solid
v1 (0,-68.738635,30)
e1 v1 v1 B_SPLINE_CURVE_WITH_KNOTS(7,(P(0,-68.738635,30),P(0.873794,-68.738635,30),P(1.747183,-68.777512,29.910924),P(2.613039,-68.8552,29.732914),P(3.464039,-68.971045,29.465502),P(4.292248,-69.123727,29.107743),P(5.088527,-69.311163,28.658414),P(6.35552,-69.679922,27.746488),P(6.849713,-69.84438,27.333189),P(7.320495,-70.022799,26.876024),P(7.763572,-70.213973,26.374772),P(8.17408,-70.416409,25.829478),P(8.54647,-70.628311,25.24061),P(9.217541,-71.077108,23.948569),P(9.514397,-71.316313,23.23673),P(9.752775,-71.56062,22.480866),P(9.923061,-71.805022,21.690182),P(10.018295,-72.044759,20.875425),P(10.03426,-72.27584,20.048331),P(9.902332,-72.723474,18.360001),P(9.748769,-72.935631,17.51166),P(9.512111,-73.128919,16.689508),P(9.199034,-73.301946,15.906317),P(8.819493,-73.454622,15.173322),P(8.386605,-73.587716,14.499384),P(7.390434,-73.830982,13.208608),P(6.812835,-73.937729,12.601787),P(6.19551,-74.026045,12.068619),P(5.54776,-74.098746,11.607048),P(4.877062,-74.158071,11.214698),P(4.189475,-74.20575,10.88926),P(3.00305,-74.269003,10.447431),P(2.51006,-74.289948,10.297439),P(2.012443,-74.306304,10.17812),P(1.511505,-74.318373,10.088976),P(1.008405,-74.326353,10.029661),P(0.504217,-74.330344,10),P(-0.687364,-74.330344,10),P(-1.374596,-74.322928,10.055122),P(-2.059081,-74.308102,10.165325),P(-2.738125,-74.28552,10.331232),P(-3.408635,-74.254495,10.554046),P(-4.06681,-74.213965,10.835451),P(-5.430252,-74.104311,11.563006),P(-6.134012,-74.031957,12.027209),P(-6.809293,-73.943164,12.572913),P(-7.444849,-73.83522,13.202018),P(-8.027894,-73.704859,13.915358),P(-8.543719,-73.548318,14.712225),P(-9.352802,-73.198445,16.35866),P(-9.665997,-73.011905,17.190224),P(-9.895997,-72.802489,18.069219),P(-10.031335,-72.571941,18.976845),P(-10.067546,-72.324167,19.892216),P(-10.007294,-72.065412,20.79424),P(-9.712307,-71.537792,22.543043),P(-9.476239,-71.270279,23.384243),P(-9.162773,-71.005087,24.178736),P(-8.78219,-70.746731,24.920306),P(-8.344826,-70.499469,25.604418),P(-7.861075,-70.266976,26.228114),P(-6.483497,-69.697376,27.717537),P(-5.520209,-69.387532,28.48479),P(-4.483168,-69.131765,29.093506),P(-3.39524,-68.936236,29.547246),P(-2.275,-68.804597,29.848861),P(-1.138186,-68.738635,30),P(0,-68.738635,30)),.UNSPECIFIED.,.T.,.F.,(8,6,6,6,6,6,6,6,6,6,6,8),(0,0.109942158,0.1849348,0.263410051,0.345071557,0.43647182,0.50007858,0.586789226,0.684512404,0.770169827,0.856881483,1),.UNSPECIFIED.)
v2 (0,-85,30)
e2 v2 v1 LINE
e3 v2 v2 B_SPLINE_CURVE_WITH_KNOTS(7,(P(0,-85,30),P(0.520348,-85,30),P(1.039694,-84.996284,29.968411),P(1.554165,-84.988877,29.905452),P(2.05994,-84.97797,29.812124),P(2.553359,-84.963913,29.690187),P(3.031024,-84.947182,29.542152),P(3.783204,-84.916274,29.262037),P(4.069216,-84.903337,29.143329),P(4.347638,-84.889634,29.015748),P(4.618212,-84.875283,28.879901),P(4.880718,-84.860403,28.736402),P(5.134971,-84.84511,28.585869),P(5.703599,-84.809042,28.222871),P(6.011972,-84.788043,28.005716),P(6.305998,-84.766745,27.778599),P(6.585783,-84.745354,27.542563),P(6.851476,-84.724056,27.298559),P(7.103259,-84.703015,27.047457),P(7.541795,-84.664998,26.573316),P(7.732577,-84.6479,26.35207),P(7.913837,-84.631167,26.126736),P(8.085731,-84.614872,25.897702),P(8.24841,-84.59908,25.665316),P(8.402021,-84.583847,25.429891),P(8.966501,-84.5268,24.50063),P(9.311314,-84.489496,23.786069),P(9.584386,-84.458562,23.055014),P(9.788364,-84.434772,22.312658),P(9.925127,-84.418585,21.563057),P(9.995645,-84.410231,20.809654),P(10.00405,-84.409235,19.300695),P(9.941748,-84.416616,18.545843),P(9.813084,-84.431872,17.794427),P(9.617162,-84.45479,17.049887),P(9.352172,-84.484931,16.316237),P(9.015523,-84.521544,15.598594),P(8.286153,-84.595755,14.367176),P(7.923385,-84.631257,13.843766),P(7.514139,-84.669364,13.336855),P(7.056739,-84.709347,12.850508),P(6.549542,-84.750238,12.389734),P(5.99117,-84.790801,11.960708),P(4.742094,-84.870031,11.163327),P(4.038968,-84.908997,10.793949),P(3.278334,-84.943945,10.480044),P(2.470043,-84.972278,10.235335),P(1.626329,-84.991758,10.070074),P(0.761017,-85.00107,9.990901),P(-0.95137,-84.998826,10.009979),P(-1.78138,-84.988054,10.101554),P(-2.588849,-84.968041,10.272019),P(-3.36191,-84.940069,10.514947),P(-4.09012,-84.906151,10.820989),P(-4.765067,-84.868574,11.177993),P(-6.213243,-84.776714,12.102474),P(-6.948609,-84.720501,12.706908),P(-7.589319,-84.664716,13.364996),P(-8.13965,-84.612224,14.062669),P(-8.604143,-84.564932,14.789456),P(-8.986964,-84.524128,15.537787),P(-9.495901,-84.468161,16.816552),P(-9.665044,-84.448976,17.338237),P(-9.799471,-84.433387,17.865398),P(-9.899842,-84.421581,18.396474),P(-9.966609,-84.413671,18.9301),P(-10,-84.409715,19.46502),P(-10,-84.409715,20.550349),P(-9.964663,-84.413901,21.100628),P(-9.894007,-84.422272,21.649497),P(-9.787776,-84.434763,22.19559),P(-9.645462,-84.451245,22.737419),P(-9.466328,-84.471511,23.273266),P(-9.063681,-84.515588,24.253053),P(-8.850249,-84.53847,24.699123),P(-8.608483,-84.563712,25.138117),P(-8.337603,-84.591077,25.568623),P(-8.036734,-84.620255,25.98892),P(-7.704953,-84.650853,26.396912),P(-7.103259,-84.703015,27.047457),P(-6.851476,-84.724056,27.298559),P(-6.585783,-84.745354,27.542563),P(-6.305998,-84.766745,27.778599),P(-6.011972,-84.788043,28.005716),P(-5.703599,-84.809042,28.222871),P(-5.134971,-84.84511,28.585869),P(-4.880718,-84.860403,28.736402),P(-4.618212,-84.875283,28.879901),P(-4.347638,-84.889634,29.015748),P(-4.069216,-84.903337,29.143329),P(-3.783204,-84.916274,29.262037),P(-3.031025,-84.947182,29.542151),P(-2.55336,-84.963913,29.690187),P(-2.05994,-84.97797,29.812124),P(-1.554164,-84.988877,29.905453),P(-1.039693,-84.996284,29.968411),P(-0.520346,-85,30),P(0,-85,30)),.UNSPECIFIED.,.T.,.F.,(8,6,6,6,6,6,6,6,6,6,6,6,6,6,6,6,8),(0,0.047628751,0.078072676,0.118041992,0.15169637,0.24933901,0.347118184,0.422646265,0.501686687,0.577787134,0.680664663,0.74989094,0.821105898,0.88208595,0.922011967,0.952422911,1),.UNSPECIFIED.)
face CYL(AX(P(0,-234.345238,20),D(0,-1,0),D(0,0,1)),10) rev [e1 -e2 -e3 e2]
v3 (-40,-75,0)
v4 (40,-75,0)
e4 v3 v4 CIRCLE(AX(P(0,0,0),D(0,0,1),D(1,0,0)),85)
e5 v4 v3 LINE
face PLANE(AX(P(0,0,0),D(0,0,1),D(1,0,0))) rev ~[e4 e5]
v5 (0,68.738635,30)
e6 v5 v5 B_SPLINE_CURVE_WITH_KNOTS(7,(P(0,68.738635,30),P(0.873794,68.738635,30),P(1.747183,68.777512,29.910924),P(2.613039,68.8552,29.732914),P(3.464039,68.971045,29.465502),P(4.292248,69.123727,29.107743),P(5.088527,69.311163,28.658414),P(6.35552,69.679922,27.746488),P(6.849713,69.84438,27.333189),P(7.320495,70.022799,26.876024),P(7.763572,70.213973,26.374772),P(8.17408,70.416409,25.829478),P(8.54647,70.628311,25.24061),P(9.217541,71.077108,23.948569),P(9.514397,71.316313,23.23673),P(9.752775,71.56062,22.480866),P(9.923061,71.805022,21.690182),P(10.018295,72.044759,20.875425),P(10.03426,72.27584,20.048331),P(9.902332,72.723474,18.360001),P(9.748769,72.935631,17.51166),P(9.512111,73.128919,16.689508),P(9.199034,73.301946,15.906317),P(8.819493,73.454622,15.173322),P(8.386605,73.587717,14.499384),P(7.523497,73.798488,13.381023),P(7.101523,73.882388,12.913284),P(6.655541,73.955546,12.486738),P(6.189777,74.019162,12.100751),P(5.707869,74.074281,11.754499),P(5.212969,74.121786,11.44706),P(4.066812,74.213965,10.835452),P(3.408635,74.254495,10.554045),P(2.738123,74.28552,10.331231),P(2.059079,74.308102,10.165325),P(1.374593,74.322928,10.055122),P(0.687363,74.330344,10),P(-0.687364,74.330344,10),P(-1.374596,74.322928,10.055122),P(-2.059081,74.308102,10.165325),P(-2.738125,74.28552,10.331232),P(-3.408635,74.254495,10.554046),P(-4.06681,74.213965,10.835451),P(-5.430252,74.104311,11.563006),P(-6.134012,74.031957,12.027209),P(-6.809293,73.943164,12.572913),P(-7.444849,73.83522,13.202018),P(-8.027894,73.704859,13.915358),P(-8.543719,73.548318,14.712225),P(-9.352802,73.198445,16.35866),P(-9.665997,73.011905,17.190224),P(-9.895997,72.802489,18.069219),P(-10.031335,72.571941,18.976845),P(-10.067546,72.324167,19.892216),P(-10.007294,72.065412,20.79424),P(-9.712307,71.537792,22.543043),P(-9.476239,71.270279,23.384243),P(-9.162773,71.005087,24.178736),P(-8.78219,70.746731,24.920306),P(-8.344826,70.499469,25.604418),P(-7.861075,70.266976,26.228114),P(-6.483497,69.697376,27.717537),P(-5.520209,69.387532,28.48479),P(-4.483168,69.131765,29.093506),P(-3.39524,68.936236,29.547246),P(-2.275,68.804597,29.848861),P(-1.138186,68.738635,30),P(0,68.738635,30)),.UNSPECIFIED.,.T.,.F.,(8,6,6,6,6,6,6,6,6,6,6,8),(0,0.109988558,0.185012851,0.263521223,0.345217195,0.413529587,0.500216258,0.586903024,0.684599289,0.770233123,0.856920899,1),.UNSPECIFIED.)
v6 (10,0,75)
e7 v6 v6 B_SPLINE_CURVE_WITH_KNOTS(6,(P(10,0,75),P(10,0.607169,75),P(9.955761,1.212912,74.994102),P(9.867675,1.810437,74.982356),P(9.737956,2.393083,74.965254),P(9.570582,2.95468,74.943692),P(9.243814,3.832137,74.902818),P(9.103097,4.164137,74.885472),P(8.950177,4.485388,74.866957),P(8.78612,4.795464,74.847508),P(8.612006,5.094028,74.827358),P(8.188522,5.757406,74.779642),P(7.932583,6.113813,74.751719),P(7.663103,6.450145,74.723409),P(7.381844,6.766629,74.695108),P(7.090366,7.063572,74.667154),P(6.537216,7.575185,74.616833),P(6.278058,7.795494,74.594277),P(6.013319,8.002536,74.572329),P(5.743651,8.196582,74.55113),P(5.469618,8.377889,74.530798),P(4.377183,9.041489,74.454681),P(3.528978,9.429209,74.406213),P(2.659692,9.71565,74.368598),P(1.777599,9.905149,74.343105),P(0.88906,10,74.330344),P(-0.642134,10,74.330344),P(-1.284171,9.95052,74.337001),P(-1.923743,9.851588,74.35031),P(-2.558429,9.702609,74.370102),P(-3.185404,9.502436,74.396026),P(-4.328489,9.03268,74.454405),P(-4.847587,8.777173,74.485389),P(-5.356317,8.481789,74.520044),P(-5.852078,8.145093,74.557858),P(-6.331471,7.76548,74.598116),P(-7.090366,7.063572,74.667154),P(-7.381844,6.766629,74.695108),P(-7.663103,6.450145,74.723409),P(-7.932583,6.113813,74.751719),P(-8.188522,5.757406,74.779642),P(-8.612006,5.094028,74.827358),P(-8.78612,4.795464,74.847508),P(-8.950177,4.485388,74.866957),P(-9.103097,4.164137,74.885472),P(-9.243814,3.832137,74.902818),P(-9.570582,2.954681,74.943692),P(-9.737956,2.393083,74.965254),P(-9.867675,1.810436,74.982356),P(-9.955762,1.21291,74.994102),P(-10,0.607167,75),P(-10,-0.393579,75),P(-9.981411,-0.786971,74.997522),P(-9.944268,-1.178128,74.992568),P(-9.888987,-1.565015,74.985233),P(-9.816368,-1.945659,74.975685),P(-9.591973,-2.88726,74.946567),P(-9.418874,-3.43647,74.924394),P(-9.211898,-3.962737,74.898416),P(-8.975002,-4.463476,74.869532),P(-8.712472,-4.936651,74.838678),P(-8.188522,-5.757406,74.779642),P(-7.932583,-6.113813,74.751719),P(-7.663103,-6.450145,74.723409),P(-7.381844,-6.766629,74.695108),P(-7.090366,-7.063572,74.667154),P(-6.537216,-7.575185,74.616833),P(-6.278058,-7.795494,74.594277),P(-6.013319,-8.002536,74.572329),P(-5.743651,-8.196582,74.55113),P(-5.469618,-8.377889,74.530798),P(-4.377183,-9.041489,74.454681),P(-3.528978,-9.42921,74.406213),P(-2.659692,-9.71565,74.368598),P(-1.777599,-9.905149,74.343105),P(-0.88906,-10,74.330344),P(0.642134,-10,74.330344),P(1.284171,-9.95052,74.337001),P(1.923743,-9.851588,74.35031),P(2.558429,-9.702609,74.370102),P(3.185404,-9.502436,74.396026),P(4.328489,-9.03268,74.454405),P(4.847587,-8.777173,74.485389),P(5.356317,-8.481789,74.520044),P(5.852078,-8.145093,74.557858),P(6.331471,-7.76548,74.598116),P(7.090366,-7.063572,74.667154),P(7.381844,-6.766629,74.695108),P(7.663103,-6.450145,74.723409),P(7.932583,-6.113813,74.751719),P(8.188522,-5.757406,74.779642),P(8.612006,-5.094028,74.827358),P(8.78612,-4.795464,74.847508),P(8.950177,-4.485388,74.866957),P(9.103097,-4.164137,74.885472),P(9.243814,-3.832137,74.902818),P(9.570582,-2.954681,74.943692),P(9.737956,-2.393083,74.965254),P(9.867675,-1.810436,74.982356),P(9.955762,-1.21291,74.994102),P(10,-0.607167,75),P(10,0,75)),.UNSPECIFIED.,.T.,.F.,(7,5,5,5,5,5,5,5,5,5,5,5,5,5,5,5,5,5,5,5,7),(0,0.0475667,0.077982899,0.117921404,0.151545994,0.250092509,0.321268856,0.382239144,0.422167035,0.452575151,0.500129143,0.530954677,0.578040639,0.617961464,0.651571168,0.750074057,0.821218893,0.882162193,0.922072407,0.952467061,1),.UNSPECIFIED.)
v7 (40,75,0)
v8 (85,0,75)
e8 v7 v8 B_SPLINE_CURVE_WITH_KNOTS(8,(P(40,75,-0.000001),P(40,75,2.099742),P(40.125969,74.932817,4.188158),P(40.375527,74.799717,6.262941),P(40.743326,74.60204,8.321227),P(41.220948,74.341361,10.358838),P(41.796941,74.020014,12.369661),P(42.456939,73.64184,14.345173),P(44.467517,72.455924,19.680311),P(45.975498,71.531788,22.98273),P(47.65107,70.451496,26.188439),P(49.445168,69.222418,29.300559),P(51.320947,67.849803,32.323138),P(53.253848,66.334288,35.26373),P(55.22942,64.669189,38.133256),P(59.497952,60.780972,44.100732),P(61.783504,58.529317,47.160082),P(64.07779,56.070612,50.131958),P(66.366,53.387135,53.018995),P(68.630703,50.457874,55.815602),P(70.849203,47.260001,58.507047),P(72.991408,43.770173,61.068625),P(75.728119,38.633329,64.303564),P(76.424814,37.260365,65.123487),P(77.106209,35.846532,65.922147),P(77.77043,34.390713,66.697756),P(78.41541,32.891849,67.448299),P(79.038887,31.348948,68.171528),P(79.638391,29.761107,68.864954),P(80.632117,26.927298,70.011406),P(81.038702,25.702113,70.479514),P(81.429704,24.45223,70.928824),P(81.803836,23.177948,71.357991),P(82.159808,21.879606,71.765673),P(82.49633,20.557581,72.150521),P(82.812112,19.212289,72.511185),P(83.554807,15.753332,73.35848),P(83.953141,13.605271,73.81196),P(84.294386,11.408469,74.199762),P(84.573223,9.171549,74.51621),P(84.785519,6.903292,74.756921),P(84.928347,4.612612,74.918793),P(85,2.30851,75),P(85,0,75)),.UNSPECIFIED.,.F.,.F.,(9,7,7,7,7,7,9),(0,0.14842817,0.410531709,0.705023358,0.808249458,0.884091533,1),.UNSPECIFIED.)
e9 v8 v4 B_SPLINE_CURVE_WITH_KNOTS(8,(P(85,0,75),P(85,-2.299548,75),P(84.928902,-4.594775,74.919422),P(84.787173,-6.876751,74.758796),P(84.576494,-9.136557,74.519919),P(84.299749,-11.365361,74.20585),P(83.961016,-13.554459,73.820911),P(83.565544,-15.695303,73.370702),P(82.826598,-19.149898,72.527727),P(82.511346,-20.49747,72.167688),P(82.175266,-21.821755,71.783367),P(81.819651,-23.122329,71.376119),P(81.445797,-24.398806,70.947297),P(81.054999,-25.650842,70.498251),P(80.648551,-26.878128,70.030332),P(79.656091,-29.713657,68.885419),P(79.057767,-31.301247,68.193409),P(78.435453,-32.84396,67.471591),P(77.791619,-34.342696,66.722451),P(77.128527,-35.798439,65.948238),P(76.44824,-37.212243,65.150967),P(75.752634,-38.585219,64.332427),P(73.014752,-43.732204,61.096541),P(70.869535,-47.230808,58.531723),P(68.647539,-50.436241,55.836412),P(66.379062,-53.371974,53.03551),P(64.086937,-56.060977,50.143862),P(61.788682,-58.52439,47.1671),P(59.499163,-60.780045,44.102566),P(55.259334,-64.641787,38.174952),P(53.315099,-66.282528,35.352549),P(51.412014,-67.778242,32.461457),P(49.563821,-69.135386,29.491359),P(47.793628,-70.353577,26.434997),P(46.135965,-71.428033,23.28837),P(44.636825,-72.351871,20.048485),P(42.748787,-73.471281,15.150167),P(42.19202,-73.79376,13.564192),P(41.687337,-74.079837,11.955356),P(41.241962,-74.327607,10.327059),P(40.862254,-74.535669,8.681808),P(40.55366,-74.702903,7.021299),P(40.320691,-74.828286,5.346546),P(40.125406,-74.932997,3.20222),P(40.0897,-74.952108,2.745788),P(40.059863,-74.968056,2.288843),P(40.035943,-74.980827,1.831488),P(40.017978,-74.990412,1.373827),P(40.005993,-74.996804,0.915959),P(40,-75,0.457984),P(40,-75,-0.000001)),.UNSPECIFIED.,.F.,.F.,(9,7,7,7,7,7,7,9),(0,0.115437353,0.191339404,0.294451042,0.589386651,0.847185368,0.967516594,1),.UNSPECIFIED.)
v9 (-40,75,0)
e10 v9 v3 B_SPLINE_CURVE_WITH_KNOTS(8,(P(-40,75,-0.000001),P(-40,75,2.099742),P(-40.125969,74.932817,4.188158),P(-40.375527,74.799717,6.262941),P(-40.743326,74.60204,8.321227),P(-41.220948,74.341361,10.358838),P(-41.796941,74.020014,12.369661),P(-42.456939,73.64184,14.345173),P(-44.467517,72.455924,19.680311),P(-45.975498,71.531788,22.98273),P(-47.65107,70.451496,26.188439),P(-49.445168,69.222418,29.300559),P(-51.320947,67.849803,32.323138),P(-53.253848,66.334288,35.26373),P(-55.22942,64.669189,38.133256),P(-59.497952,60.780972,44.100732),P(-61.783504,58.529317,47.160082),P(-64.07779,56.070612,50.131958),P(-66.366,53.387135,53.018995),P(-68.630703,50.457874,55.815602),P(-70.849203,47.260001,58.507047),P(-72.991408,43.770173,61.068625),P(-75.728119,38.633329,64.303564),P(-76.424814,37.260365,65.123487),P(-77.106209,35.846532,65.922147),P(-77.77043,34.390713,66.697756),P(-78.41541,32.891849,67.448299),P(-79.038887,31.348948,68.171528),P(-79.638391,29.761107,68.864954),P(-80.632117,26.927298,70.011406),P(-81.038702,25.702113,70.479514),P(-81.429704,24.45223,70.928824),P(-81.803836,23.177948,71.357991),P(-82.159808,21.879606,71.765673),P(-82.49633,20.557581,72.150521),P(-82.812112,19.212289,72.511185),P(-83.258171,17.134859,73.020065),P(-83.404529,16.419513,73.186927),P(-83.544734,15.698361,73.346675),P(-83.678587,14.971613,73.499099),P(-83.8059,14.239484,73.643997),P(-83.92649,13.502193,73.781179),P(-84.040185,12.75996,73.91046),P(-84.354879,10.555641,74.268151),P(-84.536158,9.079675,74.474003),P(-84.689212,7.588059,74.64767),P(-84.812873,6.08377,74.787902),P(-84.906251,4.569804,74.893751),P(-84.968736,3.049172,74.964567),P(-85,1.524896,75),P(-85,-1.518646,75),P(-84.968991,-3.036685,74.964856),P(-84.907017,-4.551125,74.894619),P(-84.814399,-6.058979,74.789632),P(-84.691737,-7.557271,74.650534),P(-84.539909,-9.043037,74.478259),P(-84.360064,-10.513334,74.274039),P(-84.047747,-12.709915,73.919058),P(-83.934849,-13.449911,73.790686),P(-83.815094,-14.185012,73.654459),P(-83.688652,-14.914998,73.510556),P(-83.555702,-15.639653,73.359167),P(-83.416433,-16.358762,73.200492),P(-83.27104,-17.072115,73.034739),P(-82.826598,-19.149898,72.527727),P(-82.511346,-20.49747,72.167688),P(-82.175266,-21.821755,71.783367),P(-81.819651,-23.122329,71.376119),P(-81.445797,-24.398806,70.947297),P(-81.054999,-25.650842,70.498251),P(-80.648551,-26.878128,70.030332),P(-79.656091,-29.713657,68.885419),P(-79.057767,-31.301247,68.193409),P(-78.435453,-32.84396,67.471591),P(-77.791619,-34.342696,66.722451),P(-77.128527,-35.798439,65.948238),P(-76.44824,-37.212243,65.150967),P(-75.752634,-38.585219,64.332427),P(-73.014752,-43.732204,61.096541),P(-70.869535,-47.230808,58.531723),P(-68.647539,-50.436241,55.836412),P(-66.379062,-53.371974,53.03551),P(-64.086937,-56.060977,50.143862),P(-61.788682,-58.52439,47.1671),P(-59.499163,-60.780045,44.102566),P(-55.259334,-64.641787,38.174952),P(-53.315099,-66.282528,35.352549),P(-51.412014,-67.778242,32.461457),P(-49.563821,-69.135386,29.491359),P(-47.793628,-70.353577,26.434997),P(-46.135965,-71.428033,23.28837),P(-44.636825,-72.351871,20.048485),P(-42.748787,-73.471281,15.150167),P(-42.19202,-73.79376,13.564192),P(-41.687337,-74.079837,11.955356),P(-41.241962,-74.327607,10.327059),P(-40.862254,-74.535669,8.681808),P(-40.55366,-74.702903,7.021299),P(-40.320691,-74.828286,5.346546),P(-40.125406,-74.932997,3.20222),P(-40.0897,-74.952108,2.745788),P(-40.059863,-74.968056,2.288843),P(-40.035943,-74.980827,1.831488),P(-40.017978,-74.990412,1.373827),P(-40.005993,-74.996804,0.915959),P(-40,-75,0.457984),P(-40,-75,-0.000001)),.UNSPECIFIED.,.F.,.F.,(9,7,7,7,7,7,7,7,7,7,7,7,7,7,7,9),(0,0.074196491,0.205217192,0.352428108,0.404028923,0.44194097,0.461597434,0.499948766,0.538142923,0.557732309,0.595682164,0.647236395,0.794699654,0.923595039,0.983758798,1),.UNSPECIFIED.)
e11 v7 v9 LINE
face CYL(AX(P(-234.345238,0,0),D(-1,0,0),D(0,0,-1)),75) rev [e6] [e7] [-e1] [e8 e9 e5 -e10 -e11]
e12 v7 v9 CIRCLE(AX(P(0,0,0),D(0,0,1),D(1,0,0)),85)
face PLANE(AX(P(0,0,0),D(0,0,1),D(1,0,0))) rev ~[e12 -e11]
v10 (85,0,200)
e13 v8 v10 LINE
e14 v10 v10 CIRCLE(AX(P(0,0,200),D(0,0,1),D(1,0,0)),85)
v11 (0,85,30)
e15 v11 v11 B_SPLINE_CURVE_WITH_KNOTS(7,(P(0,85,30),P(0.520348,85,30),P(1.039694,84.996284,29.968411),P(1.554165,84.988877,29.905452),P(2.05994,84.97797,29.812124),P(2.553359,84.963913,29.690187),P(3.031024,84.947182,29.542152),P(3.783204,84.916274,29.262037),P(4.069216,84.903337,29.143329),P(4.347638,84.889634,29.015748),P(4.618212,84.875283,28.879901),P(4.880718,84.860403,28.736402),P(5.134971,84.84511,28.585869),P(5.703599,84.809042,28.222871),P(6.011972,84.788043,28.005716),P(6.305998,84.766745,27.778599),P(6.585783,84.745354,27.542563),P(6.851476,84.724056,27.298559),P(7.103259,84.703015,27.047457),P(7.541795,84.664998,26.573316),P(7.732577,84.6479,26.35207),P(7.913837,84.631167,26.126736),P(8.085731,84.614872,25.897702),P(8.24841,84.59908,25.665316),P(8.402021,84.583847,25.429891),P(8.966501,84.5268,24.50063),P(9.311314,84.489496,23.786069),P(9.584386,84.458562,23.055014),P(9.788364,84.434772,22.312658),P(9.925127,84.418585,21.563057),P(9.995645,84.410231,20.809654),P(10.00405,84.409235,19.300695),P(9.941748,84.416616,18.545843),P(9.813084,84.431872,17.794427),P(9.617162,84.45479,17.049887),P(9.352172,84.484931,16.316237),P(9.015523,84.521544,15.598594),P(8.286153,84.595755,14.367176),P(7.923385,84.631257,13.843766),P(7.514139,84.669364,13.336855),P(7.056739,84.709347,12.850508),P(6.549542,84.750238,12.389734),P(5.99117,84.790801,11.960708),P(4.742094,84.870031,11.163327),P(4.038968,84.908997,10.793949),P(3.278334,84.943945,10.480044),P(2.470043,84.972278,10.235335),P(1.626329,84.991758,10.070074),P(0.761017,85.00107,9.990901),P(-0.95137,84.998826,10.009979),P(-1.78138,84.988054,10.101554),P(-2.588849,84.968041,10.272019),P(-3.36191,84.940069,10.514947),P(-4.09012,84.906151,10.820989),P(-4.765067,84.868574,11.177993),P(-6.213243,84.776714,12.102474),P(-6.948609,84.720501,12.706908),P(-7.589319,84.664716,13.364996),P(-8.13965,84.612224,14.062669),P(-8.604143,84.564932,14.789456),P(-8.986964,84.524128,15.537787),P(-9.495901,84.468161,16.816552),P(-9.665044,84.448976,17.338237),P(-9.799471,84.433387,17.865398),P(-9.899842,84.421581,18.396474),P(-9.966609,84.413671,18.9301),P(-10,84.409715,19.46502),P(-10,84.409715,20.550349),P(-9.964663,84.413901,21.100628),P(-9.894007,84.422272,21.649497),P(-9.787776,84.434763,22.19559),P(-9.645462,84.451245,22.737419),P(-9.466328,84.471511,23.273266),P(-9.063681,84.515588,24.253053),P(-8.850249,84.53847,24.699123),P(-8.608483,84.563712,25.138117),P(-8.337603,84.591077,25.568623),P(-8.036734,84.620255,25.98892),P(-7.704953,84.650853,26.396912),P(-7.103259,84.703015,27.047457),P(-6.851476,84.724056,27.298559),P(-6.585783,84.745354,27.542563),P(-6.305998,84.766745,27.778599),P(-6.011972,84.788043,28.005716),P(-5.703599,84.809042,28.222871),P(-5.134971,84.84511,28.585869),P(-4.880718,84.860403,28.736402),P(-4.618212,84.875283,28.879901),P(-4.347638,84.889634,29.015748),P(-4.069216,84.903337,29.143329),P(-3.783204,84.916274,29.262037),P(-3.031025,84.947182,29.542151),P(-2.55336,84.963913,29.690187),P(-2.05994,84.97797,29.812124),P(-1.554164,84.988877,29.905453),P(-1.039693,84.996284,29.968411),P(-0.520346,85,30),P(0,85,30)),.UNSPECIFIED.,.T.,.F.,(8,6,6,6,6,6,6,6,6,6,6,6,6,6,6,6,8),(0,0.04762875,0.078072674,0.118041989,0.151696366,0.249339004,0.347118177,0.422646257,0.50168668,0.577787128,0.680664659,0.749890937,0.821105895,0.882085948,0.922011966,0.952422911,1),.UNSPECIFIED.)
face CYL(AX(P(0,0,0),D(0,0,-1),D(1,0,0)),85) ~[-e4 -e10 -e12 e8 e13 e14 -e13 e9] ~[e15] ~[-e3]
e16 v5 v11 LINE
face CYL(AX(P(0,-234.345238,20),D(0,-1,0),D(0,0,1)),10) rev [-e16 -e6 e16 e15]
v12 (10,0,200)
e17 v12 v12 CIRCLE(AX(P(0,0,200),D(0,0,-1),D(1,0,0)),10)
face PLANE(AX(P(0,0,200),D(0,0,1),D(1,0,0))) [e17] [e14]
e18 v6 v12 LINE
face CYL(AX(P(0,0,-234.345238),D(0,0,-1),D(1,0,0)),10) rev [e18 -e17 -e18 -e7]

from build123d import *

# Parameters (mm, degrees)
SKETCH1_R               = 85
BOSS_EXTRUDE1_DEPTH     = 200
CUT_EXTRUDE1_DEPTH      = 234.345237792
CUT_EXTRUDE1_DEPTH_BACK = 234.345237792
SKETCH2_R               = 75
CUT_EXTRUDE3_DEPTH      = 234.34523795
CUT_EXTRUDE3_DEPTH_BACK = 234.34523795
SKETCH3_R               = 10
CUT_EXTRUDE4_DEPTH      = 234.34523795
CUT_EXTRUDE4_DEPTH_BACK = 234.34523795
SKETCH4_R               = 10


with BuildPart() as part:
    # Sketch1 → Boss-Extrude1 (new body)
    with BuildSketch(Plane.XY):
        Circle(SKETCH1_R)
    extrude(amount=BOSS_EXTRUDE1_DEPTH)

    # Sketch2 → Cut-Extrude1 (cut, two sides: drawn at the far end of the back side and taken through both)
    with BuildSketch(Plane(origin=(0, 0, 0), x_dir=(0, 0, -1), z_dir=(1, 0, 0)).offset(-CUT_EXTRUDE1_DEPTH_BACK)):
        Circle(SKETCH2_R)
    extrude(amount=CUT_EXTRUDE1_DEPTH + CUT_EXTRUDE1_DEPTH_BACK, mode=Mode.SUBTRACT)

    # Sketch3 → Cut-Extrude3 (cut, two sides: drawn at the far end of the back side and taken through both)
    with BuildSketch(Plane(origin=(0, 0, 0), x_dir=(1, 0, 0), z_dir=(0, 1, 0)).offset(-CUT_EXTRUDE3_DEPTH_BACK)):
        with Locations(Location((0, -20, 0), (0, 0, 270))):
            Circle(SKETCH3_R)
    extrude(amount=CUT_EXTRUDE3_DEPTH + CUT_EXTRUDE3_DEPTH_BACK, mode=Mode.SUBTRACT)

    # Sketch4 → Cut-Extrude4 (cut, two sides: drawn at the far end of the back side and taken through both)
    with BuildSketch(Plane.XY.offset(-CUT_EXTRUDE4_DEPTH_BACK)):
        Circle(SKETCH4_R)
    extrude(amount=CUT_EXTRUDE4_DEPTH + CUT_EXTRUDE4_DEPTH_BACK, mode=Mode.SUBTRACT)


solid = part.part
